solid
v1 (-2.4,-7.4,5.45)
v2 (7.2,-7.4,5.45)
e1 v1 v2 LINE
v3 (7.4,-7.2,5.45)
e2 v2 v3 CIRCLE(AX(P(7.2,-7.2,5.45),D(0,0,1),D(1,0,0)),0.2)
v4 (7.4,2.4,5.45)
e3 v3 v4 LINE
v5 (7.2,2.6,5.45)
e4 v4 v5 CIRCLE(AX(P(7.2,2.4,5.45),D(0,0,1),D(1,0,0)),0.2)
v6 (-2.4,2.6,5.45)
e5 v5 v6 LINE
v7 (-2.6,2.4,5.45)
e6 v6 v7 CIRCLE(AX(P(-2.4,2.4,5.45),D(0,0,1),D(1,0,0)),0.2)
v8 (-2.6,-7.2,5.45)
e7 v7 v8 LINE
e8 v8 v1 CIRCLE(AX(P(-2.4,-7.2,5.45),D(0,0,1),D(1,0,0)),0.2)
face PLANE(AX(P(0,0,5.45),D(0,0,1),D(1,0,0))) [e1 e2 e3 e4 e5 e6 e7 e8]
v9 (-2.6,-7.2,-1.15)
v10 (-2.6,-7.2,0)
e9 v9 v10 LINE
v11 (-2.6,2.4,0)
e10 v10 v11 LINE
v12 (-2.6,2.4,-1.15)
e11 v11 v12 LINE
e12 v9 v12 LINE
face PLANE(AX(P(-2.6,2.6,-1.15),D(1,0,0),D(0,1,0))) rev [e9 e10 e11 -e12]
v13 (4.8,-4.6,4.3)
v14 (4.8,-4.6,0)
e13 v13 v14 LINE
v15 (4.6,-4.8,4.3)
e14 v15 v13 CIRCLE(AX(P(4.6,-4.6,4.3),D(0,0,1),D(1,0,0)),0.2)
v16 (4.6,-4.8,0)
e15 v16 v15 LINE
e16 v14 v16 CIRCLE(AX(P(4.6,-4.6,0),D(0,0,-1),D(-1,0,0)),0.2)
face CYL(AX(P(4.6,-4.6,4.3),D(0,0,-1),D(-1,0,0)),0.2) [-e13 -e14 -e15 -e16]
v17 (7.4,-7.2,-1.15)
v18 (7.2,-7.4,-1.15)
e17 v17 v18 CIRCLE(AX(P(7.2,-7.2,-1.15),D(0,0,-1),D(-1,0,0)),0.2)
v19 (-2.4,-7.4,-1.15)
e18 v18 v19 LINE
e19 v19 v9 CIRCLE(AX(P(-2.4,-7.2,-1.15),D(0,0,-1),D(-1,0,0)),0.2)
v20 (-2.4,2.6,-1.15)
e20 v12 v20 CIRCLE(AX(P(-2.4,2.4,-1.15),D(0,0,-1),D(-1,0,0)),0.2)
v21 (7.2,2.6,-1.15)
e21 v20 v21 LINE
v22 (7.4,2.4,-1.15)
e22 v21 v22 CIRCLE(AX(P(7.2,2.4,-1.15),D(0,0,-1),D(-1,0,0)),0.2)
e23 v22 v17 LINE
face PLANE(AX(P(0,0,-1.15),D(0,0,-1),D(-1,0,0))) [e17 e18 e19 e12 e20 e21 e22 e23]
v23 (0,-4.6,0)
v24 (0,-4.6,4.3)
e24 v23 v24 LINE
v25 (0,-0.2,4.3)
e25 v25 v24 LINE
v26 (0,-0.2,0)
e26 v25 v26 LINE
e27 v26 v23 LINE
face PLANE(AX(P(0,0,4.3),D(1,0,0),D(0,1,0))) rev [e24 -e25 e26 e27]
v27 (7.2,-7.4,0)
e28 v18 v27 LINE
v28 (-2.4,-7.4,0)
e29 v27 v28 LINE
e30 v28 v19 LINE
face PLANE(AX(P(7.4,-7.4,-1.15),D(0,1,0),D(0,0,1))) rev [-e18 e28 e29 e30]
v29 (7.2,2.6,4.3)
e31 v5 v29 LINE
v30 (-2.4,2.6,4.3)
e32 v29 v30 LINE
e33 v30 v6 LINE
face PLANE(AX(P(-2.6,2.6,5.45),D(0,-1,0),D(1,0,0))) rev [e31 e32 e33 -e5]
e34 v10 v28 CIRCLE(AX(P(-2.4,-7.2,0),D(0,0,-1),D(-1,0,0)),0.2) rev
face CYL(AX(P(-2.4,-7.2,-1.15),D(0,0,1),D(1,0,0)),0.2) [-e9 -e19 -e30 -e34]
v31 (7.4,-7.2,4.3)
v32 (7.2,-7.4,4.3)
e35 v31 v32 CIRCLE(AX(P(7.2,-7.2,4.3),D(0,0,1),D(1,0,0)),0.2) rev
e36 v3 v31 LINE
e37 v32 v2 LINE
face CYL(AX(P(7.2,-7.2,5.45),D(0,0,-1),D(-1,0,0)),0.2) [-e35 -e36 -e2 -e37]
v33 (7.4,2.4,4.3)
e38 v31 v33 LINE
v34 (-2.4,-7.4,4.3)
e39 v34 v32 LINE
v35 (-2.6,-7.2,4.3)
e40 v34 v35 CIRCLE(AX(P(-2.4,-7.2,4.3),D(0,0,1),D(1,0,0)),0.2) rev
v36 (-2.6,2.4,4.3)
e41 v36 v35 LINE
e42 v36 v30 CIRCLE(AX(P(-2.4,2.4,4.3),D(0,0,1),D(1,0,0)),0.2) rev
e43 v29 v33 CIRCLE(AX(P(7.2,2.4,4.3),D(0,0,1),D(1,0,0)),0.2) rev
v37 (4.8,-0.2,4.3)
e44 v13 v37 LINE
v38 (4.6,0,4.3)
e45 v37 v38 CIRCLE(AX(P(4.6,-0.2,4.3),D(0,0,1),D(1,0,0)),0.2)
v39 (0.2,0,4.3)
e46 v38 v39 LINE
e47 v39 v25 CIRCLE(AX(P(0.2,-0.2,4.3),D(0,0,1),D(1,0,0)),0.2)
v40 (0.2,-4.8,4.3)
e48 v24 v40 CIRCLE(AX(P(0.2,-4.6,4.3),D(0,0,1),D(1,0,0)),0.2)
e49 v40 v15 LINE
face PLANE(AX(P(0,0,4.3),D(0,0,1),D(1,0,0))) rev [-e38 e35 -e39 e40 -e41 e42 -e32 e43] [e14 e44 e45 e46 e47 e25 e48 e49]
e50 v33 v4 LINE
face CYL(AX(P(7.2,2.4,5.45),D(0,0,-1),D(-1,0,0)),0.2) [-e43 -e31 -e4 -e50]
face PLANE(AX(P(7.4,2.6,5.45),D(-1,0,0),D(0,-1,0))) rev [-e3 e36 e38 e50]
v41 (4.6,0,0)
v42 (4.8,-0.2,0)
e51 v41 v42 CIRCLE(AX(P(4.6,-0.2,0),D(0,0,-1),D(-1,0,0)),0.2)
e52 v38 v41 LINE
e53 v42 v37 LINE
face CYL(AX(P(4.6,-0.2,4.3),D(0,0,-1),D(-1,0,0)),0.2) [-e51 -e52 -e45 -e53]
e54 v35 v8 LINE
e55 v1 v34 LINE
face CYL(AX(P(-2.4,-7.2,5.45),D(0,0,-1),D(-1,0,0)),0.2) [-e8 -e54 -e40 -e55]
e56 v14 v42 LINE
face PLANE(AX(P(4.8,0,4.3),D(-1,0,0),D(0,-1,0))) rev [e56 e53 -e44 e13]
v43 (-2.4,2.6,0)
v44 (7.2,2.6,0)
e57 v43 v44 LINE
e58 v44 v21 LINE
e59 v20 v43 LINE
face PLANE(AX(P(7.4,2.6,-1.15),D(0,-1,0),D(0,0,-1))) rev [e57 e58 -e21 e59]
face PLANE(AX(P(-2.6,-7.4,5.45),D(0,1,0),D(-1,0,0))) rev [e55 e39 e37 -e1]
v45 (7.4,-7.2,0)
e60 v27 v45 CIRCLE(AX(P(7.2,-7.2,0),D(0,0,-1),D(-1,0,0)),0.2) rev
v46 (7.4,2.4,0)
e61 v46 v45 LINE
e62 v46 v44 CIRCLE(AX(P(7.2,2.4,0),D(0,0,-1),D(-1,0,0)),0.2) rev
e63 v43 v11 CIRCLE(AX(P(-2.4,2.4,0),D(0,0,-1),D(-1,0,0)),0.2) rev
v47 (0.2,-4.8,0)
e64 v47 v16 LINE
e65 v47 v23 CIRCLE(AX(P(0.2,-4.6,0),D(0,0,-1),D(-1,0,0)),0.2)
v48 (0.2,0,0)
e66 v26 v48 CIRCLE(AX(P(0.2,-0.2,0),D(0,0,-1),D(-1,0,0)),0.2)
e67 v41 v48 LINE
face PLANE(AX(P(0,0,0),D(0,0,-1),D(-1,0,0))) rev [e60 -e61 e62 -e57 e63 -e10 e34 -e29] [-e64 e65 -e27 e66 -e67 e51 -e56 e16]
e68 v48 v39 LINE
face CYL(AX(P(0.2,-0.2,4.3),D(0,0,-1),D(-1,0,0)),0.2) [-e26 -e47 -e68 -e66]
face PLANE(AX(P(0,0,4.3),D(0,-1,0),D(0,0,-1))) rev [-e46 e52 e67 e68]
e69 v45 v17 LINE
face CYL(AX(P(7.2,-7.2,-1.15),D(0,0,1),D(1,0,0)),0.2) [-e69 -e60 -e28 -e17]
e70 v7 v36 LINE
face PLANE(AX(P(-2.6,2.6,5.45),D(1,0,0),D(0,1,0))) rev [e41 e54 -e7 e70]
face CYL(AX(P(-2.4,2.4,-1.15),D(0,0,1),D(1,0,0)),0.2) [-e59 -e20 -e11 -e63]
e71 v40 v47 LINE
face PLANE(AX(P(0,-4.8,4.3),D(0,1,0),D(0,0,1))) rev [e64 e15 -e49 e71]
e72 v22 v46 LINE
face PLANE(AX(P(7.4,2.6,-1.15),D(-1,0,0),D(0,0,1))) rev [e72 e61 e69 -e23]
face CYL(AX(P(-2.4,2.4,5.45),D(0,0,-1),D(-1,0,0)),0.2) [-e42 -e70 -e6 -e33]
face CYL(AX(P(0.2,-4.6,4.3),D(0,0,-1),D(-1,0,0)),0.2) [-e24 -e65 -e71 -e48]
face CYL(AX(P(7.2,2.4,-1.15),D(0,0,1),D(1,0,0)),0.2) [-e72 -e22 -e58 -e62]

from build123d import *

# Parameters (mm, degrees)
SKETCH2_W           = 4.8
SKETCH2_H           = 4.8
BOSS_EXTRUDE1_DEPTH = 4.3
SKETCH3_W           = 10
SKETCH3_H           = 10
BOSS_EXTRUDE2_DEPTH = 1.15
SKETCH4_W           = 10
SKETCH4_H           = 10
BOSS_EXTRUDE4_DEPTH = 1.15
FILLET2_R           = 0.2


with BuildPart() as part:
    # Sketch2 → Boss-Extrude1 (new body)
    with BuildSketch(Plane.XY):
        with Locations((2.4, -2.4)):
            Rectangle(SKETCH2_W, SKETCH2_H)
    extrude(amount=BOSS_EXTRUDE1_DEPTH)

    # Sketch3 → Boss-Extrude2 (add)
    with BuildSketch(Plane.XY.offset(4.3)):
        with Locations((2.4, -2.4)):
            Rectangle(SKETCH3_W, SKETCH3_H)
    extrude(amount=BOSS_EXTRUDE2_DEPTH)

    # Sketch4 → Boss-Extrude4 (add)
    with BuildSketch(Plane(origin=(0, 0, 0), x_dir=(-1, 0, 0), z_dir=(0, 0, -1))):
        with Locations((-2.4, -2.4)):
            Rectangle(SKETCH4_W, SKETCH4_H)
    extrude(amount=BOSS_EXTRUDE4_DEPTH)

    # Fillet2
    fillet2_edges = [part.edges().sort_by_distance(p)[0] for p in [
        (-2.6, 2.6, 4.875),
        (-2.6, -7.4, 4.875),
        (7.4, -7.4, 4.875),
        (7.4, 2.6, 4.875),
        (7.4, 2.6, -0.575),
        (7.4, -7.4, -0.575),
        (-2.6, -7.4, -0.575),
        (-2.6, 2.6, -0.575),
        (0, 0, 2.15),
        (4.8, 0, 2.15),
        (4.8, -4.8, 2.15),
        (0, -4.8, 2.15),
    ]]
    fillet(fillet2_edges, radius=FILLET2_R)


solid = part.part
